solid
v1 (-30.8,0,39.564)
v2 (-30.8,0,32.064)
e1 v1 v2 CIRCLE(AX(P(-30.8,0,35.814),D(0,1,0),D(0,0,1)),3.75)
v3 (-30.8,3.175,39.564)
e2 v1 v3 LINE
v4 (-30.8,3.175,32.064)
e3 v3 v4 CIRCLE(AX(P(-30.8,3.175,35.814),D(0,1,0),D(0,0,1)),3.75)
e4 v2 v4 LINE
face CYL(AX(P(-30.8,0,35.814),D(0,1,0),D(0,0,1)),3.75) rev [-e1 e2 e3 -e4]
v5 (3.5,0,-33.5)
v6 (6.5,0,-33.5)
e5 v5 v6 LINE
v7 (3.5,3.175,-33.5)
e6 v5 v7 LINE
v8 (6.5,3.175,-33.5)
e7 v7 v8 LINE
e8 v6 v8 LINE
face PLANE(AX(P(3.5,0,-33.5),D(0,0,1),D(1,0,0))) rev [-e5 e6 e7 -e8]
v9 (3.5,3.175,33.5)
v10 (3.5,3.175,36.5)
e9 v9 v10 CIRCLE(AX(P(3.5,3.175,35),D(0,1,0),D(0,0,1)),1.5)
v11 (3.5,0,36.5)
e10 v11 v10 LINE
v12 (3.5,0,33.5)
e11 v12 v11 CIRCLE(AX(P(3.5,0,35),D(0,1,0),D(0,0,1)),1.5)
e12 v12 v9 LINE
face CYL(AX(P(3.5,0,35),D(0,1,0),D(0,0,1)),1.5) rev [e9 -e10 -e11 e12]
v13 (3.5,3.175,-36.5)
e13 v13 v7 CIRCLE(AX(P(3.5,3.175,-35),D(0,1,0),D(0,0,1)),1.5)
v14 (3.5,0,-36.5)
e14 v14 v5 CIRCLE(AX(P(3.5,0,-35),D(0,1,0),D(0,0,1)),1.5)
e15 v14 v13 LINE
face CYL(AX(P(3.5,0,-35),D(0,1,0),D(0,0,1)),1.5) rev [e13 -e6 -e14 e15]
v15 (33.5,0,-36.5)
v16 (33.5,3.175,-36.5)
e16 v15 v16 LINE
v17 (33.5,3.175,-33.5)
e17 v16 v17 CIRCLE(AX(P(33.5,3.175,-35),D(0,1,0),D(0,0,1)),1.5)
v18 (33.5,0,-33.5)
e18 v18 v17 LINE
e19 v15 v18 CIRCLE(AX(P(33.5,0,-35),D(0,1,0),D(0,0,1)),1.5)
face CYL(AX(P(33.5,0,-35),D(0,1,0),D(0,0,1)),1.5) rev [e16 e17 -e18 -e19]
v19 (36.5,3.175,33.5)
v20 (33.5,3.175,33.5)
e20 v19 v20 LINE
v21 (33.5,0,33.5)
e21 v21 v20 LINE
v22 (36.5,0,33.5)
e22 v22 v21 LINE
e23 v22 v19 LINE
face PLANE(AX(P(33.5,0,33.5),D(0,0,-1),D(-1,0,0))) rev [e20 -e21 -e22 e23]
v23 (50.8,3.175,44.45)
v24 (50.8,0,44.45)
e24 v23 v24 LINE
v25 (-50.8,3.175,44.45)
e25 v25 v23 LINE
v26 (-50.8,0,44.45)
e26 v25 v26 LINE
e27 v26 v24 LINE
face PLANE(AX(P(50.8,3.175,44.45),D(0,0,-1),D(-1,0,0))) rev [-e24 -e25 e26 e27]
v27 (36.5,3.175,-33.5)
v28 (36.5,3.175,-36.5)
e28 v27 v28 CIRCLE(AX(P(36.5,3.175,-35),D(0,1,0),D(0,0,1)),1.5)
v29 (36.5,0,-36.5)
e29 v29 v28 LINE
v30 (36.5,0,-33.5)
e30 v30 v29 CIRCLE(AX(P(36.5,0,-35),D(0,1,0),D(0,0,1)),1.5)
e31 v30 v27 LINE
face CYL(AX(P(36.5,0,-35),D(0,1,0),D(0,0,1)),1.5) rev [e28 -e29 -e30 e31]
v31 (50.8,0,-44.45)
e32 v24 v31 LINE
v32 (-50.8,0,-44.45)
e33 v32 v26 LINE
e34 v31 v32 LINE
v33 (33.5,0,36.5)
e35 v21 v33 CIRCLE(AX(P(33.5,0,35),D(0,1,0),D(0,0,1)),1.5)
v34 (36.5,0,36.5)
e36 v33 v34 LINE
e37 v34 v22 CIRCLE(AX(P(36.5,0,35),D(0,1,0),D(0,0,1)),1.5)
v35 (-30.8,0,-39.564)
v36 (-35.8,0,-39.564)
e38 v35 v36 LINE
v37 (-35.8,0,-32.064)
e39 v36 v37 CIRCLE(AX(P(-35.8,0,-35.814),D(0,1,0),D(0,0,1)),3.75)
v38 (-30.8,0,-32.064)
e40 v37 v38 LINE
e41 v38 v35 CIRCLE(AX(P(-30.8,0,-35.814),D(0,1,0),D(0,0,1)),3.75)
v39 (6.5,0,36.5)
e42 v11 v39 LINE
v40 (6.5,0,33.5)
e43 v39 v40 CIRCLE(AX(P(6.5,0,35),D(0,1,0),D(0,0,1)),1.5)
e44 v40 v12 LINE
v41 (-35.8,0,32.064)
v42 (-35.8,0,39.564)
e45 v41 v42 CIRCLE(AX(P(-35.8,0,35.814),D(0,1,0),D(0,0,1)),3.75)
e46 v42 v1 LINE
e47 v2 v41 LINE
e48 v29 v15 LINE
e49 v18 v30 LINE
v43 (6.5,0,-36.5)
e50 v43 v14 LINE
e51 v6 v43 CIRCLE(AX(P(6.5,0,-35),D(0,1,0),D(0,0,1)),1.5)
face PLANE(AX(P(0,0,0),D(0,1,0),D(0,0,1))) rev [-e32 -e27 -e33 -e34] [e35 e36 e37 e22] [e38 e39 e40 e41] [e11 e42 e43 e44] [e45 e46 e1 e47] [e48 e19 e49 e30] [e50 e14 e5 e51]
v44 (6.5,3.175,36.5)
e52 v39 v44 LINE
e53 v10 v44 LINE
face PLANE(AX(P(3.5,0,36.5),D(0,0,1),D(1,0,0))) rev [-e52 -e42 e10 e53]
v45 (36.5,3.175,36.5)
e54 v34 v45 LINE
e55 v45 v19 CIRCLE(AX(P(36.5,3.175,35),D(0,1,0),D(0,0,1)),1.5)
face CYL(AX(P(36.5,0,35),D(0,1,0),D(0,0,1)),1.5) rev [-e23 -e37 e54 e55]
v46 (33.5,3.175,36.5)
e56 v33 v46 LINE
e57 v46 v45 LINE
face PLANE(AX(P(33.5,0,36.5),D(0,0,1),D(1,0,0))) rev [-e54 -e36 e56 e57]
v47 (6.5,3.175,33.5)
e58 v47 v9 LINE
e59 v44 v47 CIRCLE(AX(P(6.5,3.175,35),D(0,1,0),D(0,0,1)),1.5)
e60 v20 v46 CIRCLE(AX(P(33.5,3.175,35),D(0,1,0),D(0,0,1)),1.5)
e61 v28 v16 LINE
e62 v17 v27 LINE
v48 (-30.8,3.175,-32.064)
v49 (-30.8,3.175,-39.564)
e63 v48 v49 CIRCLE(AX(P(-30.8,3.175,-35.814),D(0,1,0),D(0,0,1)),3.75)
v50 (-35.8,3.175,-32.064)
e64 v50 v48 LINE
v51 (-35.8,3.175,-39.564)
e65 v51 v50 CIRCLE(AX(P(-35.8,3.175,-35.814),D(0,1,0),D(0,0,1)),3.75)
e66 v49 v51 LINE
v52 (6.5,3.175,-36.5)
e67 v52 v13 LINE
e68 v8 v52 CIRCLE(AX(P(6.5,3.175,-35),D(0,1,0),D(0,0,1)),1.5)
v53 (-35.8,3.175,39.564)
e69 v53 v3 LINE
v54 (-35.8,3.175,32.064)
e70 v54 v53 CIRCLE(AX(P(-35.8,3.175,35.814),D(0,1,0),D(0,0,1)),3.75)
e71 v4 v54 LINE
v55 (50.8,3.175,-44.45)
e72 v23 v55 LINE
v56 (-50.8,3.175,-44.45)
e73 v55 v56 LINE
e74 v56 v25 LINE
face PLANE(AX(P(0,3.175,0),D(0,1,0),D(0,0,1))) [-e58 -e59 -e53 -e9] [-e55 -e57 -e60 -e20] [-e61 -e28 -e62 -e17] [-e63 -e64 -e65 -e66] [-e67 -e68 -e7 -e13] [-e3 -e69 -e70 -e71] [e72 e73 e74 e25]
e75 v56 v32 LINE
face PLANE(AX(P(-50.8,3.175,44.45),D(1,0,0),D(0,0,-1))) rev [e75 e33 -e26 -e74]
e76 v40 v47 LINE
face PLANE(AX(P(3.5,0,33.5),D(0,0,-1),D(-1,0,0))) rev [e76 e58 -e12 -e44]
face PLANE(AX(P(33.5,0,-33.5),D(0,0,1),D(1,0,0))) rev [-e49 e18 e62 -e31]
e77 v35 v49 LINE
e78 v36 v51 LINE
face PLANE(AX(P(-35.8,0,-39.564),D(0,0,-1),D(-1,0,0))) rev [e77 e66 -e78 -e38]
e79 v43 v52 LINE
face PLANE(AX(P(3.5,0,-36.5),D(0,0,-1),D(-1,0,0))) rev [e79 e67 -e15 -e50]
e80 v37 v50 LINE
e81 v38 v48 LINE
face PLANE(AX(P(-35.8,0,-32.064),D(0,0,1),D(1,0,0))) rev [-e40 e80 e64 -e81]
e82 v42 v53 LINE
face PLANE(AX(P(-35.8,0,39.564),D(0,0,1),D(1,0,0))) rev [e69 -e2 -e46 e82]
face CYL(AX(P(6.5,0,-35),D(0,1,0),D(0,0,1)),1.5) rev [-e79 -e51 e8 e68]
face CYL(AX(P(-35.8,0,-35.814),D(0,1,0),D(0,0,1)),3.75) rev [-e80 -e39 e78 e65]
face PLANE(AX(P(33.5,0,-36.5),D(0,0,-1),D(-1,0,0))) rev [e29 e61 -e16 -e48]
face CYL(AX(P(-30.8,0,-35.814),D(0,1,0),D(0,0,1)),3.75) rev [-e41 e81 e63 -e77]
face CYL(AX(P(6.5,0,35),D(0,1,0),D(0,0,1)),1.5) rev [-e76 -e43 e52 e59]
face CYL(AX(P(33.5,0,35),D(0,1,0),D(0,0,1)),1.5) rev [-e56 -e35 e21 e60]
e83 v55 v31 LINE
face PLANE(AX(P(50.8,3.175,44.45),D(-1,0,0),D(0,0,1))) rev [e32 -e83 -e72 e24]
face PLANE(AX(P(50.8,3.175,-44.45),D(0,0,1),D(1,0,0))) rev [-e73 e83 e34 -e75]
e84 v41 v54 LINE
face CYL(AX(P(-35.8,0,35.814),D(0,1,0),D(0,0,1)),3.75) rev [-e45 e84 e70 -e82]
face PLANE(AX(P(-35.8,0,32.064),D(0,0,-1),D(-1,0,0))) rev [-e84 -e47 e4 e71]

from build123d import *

# Parameters (mm, degrees)
SKETCH1_W           = 101.6
SKETCH1_H           = 88.9
BOSS_EXTRUDE1_DEPTH = 3.175
CUT_EXTRUDE1_DEPTH  = 68.576054376


with BuildPart() as part:
    # Sketch1 → Boss-Extrude1 (new body)
    with BuildSketch(Plane(origin=(0, 0, 0), x_dir=(1, 0, 0), z_dir=(0, 1, 0))):
        Rectangle(SKETCH1_W, SKETCH1_H)
    extrude(amount=BOSS_EXTRUDE1_DEPTH)

    # Sketch2 → Cut-Extrude1 (cut, through all)
    with BuildSketch(Plane(origin=(0, 3.175, 0), x_dir=(1, 0, 0), z_dir=(0, 1, 0))):
        with BuildLine():
            Line((-35.8, 39.564), (-30.8, 39.564))
            ThreePointArc((-30.8, 39.564), (-27.05, 35.814), (-30.8, 32.064))
            Line((-30.8, 32.064), (-35.8, 32.064))
            ThreePointArc((-35.8, 32.064), (-39.55, 35.814), (-35.8, 39.564))
        make_face()
        with BuildLine():
            Line((-35.8, -32.064), (-30.8, -32.064))
            ThreePointArc((-30.8, -32.064), (-27.05, -35.814), (-30.8, -39.564))
            Line((-30.8, -39.564), (-35.8, -39.564))
            ThreePointArc((-35.8, -39.564), (-39.55, -35.814), (-35.8, -32.064))
        make_face()
        with BuildLine():
            Line((3.5, 36.5), (6.5, 36.5))
            ThreePointArc((6.5, 36.5), (8, 35), (6.5, 33.5))
            Line((6.5, 33.5), (3.5, 33.5))
            ThreePointArc((3.5, 33.5), (2, 35), (3.5, 36.5))
        make_face()
        with BuildLine():
            Line((33.5, 36.5), (36.5, 36.5))
            ThreePointArc((36.5, 36.5), (38, 35), (36.5, 33.5))
            Line((36.5, 33.5), (33.5, 33.5))
            ThreePointArc((33.5, 33.5), (32, 35), (33.5, 36.5))
        make_face()
        with BuildLine():
            Line((3.5, -33.5), (6.5, -33.5))
            ThreePointArc((6.5, -33.5), (8, -35), (6.5, -36.5))
            Line((6.5, -36.5), (3.5, -36.5))
            ThreePointArc((3.5, -36.5), (2, -35), (3.5, -33.5))
        make_face()
        with BuildLine():
            Line((33.5, -33.5), (36.5, -33.5))
            ThreePointArc((36.5, -33.5), (38, -35), (36.5, -36.5))
            Line((36.5, -36.5), (33.5, -36.5))
            ThreePointArc((33.5, -36.5), (32, -35), (33.5, -33.5))
        make_face()
    extrude(amount=-CUT_EXTRUDE1_DEPTH, mode=Mode.SUBTRACT)


solid = part.part
